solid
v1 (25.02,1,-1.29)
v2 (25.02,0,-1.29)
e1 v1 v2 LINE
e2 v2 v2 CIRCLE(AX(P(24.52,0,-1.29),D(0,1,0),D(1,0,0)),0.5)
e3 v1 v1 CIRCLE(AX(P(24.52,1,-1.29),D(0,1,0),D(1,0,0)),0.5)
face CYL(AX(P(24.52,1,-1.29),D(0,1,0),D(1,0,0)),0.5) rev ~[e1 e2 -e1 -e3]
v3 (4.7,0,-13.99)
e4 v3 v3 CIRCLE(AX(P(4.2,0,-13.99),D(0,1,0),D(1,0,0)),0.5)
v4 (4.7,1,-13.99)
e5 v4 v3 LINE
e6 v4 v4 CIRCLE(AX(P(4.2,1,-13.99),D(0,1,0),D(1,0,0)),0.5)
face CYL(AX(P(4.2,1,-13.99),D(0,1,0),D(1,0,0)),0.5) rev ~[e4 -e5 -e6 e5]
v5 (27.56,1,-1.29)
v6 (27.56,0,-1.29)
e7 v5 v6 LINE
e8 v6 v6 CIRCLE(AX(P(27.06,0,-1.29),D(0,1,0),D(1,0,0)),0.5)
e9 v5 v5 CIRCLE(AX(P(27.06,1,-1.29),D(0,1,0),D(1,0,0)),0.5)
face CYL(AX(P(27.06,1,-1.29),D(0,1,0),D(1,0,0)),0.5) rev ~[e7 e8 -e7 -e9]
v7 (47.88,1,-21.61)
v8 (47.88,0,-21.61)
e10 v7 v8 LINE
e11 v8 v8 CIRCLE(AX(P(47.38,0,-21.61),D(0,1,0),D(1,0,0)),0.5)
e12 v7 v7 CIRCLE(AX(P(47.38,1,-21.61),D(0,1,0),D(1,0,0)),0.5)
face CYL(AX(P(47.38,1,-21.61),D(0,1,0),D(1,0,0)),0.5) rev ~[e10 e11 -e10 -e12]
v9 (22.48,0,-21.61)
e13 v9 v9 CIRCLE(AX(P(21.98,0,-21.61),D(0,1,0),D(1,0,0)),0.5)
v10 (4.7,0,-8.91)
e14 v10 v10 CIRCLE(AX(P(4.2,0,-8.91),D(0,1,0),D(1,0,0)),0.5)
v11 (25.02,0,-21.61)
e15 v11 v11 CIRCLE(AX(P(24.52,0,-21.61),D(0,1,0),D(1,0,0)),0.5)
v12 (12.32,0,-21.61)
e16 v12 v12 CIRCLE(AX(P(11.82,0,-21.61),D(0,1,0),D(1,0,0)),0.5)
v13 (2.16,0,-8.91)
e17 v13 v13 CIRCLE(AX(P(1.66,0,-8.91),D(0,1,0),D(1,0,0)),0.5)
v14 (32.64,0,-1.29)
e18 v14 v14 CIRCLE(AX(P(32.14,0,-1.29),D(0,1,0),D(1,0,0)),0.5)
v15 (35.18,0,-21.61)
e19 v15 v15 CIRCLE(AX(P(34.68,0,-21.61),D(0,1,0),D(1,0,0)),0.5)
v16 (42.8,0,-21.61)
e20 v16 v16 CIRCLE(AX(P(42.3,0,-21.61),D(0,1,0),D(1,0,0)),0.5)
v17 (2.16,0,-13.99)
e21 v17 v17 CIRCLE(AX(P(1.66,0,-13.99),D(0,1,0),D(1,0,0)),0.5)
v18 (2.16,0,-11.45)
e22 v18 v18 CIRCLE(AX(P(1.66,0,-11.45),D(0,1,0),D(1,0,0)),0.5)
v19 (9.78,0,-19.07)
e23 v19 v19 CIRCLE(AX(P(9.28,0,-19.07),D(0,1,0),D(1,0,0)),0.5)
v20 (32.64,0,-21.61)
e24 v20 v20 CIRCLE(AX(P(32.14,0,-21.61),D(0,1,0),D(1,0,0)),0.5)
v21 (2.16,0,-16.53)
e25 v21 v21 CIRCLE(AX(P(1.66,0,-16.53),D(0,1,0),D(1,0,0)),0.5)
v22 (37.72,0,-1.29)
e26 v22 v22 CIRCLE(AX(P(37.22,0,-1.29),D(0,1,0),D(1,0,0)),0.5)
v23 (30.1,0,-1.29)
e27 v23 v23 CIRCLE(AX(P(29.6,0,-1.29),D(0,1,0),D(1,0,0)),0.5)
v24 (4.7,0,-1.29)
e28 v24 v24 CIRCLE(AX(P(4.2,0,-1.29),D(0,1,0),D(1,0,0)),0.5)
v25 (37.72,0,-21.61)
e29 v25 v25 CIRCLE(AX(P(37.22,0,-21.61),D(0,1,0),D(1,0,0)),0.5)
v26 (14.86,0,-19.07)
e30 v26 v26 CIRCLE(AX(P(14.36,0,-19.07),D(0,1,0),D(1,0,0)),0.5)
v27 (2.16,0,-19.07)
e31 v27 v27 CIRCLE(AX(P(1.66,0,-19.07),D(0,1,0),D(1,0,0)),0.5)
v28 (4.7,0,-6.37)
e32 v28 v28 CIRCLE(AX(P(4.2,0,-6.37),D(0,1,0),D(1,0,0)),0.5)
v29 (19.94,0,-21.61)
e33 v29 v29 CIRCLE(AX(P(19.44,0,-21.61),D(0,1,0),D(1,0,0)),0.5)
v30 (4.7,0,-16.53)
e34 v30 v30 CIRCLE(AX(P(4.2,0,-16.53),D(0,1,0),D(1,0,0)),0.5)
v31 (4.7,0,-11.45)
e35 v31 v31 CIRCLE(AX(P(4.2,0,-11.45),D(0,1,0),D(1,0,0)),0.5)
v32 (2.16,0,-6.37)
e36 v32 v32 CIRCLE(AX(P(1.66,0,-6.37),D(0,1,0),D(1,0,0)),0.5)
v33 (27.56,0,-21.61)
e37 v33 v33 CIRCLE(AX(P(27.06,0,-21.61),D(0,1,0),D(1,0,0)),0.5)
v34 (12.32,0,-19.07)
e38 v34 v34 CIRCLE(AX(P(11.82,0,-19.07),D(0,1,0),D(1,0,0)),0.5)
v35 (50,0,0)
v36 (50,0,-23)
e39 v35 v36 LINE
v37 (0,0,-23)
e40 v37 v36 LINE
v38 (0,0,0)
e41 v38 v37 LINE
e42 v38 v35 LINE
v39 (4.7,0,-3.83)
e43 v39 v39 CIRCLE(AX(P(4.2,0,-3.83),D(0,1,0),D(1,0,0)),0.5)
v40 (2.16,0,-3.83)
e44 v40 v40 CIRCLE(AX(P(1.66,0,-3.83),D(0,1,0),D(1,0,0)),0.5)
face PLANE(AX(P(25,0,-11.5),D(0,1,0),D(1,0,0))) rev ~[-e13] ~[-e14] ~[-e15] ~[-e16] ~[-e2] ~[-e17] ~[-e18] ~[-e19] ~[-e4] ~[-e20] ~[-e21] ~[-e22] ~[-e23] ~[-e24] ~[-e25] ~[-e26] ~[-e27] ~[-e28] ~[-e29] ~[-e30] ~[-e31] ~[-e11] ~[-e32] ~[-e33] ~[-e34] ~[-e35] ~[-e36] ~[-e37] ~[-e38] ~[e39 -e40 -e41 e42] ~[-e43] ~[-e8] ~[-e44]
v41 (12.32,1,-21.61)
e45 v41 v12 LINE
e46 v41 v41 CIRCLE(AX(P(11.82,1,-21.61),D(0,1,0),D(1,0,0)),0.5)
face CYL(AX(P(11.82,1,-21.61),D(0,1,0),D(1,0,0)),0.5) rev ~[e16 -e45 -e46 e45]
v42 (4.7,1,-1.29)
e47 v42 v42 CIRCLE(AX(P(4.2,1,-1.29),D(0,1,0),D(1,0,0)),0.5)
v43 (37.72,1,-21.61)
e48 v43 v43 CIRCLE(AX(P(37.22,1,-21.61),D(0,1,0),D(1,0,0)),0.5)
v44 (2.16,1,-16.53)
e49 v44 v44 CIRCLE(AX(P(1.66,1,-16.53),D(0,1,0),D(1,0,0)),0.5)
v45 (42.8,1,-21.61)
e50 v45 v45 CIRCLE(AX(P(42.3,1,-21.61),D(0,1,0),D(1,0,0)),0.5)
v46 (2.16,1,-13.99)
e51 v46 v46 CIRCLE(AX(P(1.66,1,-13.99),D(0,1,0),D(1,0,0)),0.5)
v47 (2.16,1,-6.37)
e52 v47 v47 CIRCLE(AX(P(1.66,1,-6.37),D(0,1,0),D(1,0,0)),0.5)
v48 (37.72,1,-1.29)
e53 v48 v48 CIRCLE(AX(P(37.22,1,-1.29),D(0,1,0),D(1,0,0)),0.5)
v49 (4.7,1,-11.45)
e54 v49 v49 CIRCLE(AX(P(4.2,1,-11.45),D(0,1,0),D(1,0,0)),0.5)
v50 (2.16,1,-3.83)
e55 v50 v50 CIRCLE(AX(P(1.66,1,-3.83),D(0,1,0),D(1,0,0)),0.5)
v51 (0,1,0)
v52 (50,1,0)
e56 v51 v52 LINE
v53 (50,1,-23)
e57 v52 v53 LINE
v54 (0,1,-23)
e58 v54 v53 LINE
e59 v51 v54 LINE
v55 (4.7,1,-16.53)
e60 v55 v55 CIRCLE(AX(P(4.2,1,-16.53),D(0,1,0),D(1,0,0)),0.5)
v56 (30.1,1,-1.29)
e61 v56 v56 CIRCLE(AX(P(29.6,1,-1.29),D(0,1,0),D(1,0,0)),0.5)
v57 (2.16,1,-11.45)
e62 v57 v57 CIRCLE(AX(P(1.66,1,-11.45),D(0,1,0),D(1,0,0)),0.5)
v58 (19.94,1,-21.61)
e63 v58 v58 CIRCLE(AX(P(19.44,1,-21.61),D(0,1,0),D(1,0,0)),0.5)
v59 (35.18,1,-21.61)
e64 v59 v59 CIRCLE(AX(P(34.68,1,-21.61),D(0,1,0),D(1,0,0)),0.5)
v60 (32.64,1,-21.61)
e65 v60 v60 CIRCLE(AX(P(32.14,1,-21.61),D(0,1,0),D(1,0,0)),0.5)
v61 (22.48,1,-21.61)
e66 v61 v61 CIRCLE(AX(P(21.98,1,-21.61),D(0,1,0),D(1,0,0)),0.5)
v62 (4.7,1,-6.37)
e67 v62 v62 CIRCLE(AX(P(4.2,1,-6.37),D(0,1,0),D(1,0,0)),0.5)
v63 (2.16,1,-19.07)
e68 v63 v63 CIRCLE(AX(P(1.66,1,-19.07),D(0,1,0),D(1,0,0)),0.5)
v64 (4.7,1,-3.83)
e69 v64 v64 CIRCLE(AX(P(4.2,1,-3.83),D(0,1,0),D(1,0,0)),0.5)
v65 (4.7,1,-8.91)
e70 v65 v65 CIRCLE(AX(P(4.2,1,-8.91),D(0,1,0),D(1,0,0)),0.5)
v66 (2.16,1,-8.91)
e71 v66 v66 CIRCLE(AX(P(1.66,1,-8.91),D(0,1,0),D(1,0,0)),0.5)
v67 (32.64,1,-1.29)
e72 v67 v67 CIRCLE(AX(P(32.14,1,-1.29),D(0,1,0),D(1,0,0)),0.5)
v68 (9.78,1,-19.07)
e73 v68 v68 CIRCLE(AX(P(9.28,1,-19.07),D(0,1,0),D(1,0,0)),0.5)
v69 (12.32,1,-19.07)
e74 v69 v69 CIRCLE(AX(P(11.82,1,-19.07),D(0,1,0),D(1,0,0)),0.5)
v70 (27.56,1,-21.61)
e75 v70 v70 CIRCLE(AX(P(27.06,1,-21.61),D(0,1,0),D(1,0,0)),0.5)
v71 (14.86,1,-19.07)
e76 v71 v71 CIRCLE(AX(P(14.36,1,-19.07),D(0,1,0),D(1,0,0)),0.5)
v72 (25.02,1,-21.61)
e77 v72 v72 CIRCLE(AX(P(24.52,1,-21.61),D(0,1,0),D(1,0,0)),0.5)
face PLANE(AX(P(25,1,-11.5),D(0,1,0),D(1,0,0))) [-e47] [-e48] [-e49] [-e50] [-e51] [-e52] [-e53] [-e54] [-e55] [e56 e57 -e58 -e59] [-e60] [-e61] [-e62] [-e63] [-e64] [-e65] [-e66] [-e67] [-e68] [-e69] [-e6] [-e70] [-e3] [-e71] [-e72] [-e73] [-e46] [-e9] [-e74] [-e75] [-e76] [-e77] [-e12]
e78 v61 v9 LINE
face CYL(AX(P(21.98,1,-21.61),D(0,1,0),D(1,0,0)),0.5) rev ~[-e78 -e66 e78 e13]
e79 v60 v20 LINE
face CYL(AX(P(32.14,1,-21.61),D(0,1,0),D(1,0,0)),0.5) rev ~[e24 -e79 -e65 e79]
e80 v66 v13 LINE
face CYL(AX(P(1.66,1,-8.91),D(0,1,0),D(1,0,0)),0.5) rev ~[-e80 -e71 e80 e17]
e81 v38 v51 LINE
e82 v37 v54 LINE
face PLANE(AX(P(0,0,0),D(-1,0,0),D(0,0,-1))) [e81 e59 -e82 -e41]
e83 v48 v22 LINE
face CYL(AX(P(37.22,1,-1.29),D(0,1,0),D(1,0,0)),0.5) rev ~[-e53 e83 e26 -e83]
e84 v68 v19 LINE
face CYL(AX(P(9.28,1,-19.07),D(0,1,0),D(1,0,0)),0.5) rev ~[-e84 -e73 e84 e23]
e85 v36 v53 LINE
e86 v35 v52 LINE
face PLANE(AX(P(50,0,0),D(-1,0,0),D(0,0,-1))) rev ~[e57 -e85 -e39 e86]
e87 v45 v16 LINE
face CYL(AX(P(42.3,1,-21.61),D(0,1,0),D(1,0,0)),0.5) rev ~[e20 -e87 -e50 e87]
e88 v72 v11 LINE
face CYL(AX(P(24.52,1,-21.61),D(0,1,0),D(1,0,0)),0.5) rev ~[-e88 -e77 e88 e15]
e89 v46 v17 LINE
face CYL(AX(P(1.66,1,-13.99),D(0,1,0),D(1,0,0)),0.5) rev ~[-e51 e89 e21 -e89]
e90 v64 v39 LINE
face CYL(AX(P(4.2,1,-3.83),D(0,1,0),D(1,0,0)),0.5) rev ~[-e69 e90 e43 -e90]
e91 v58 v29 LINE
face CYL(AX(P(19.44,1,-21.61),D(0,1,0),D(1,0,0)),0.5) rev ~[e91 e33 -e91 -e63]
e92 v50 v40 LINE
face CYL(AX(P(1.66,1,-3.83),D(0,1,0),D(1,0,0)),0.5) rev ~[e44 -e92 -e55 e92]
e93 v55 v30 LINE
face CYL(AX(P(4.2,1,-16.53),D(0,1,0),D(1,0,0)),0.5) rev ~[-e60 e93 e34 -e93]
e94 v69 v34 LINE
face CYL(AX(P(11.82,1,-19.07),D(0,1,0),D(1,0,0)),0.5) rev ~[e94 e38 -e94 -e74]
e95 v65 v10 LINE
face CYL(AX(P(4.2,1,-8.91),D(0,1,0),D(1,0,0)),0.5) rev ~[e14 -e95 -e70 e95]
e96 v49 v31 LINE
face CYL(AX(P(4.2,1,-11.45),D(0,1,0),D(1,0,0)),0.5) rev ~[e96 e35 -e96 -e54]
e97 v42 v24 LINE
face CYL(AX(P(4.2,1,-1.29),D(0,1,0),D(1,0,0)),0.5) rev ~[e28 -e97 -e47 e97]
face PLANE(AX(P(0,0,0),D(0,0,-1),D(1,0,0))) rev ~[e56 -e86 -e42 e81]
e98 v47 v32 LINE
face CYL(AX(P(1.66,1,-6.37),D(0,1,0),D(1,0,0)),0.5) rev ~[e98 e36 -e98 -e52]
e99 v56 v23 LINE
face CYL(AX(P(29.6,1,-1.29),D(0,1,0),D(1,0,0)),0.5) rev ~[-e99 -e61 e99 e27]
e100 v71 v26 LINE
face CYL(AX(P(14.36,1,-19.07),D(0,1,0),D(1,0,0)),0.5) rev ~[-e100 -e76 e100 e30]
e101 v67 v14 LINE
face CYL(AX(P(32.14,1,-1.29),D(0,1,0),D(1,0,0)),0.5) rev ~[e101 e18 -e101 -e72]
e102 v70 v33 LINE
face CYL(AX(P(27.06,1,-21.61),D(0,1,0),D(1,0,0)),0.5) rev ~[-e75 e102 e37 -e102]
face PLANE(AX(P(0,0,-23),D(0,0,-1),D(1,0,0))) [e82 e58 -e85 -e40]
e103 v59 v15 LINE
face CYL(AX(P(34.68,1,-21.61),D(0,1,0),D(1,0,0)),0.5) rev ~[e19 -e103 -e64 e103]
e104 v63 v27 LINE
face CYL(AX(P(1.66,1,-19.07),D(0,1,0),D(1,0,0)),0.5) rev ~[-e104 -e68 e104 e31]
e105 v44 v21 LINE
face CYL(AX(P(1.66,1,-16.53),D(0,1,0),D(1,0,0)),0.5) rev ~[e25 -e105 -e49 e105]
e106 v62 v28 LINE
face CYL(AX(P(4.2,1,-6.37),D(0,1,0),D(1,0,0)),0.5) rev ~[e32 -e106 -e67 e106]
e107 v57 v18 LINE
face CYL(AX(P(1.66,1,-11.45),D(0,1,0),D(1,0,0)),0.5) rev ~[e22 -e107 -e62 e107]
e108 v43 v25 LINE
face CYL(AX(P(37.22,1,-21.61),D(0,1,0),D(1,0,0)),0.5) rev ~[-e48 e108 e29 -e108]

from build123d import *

# Parameters (mm, degrees)
SKETCH1_W           = 50
SKETCH1_H           = 23
BOSS_EXTRUDE1_DEPTH = 1
SKETCH2_R           = 0.5
CUT_EXTRUDE1_DEPTH  = 2


with BuildPart() as part:
    # Sketch1 → Boss-Extrude1 (new body)
    with BuildSketch(Plane(origin=(0, 0, 0), x_dir=(1, 0, 0), z_dir=(0, 1, 0))):
        with Locations((25, 11.5)):
            Rectangle(SKETCH1_W, SKETCH1_H)
    extrude(amount=BOSS_EXTRUDE1_DEPTH)

    # Sketch2 → Cut-Extrude1 (cut, through all)
    with BuildSketch(Plane(origin=(0, 1, 0), x_dir=(1, 0, 0), z_dir=(0, 1, 0))):
        with Locations((1.66, 3.83)):
            Circle(SKETCH2_R)
        with Locations((4.2, 3.83)):
            Circle(SKETCH2_R)
        with Locations((1.66, 6.37)):
            Circle(SKETCH2_R)
        with Locations((1.66, 8.91)):
            Circle(SKETCH2_R)
        with Locations((1.66, 11.45)):
            Circle(SKETCH2_R)
        with Locations((1.66, 13.99)):
            Circle(SKETCH2_R)
        with Locations((1.66, 16.53)):
            Circle(SKETCH2_R)
        with Locations((1.66, 19.07)):
            Circle(SKETCH2_R)
        with Locations((4.2, 6.37)):
            Circle(SKETCH2_R)
        with Locations((4.2, 8.91)):
            Circle(SKETCH2_R)
        with Locations((4.2, 11.45)):
            Circle(SKETCH2_R)
        with Locations((4.2, 13.99)):
            Circle(SKETCH2_R)
        with Locations((4.2, 16.53)):
            Circle(SKETCH2_R)
        with Locations((4.2, 1.29)):
            Circle(SKETCH2_R)
        with Locations((9.28, 19.07)):
            Circle(SKETCH2_R)
        with Locations((11.82, 19.07)):
            Circle(SKETCH2_R)
        with Locations((14.36, 19.07)):
            Circle(SKETCH2_R)
        with Locations((11.82, 21.61)):
            Circle(SKETCH2_R)
        with Locations((19.44, 21.61)):
            Circle(SKETCH2_R)
        with Locations((21.98, 21.61)):
            Circle(SKETCH2_R)
        with Locations((24.52, 21.61)):
            Circle(SKETCH2_R)
        with Locations((27.06, 21.61)):
            Circle(SKETCH2_R)
        with Locations((32.14, 21.61)):
            Circle(SKETCH2_R)
        with Locations((34.68, 21.61)):
            Circle(SKETCH2_R)
        with Locations((37.22, 21.61)):
            Circle(SKETCH2_R)
        with Locations((42.3, 21.61)):
            Circle(SKETCH2_R)
        with Locations((47.38, 21.61)):
            Circle(SKETCH2_R)
        with Locations((24.52, 1.29)):
            Circle(SKETCH2_R)
        with Locations((27.06, 1.29)):
            Circle(SKETCH2_R)
        with Locations((29.6, 1.29)):
            Circle(SKETCH2_R)
        with Locations((32.14, 1.29)):
            Circle(SKETCH2_R)
        with Locations((37.22, 1.29)):
            Circle(SKETCH2_R)
    extrude(amount=-CUT_EXTRUDE1_DEPTH, mode=Mode.SUBTRACT)


solid = part.part
